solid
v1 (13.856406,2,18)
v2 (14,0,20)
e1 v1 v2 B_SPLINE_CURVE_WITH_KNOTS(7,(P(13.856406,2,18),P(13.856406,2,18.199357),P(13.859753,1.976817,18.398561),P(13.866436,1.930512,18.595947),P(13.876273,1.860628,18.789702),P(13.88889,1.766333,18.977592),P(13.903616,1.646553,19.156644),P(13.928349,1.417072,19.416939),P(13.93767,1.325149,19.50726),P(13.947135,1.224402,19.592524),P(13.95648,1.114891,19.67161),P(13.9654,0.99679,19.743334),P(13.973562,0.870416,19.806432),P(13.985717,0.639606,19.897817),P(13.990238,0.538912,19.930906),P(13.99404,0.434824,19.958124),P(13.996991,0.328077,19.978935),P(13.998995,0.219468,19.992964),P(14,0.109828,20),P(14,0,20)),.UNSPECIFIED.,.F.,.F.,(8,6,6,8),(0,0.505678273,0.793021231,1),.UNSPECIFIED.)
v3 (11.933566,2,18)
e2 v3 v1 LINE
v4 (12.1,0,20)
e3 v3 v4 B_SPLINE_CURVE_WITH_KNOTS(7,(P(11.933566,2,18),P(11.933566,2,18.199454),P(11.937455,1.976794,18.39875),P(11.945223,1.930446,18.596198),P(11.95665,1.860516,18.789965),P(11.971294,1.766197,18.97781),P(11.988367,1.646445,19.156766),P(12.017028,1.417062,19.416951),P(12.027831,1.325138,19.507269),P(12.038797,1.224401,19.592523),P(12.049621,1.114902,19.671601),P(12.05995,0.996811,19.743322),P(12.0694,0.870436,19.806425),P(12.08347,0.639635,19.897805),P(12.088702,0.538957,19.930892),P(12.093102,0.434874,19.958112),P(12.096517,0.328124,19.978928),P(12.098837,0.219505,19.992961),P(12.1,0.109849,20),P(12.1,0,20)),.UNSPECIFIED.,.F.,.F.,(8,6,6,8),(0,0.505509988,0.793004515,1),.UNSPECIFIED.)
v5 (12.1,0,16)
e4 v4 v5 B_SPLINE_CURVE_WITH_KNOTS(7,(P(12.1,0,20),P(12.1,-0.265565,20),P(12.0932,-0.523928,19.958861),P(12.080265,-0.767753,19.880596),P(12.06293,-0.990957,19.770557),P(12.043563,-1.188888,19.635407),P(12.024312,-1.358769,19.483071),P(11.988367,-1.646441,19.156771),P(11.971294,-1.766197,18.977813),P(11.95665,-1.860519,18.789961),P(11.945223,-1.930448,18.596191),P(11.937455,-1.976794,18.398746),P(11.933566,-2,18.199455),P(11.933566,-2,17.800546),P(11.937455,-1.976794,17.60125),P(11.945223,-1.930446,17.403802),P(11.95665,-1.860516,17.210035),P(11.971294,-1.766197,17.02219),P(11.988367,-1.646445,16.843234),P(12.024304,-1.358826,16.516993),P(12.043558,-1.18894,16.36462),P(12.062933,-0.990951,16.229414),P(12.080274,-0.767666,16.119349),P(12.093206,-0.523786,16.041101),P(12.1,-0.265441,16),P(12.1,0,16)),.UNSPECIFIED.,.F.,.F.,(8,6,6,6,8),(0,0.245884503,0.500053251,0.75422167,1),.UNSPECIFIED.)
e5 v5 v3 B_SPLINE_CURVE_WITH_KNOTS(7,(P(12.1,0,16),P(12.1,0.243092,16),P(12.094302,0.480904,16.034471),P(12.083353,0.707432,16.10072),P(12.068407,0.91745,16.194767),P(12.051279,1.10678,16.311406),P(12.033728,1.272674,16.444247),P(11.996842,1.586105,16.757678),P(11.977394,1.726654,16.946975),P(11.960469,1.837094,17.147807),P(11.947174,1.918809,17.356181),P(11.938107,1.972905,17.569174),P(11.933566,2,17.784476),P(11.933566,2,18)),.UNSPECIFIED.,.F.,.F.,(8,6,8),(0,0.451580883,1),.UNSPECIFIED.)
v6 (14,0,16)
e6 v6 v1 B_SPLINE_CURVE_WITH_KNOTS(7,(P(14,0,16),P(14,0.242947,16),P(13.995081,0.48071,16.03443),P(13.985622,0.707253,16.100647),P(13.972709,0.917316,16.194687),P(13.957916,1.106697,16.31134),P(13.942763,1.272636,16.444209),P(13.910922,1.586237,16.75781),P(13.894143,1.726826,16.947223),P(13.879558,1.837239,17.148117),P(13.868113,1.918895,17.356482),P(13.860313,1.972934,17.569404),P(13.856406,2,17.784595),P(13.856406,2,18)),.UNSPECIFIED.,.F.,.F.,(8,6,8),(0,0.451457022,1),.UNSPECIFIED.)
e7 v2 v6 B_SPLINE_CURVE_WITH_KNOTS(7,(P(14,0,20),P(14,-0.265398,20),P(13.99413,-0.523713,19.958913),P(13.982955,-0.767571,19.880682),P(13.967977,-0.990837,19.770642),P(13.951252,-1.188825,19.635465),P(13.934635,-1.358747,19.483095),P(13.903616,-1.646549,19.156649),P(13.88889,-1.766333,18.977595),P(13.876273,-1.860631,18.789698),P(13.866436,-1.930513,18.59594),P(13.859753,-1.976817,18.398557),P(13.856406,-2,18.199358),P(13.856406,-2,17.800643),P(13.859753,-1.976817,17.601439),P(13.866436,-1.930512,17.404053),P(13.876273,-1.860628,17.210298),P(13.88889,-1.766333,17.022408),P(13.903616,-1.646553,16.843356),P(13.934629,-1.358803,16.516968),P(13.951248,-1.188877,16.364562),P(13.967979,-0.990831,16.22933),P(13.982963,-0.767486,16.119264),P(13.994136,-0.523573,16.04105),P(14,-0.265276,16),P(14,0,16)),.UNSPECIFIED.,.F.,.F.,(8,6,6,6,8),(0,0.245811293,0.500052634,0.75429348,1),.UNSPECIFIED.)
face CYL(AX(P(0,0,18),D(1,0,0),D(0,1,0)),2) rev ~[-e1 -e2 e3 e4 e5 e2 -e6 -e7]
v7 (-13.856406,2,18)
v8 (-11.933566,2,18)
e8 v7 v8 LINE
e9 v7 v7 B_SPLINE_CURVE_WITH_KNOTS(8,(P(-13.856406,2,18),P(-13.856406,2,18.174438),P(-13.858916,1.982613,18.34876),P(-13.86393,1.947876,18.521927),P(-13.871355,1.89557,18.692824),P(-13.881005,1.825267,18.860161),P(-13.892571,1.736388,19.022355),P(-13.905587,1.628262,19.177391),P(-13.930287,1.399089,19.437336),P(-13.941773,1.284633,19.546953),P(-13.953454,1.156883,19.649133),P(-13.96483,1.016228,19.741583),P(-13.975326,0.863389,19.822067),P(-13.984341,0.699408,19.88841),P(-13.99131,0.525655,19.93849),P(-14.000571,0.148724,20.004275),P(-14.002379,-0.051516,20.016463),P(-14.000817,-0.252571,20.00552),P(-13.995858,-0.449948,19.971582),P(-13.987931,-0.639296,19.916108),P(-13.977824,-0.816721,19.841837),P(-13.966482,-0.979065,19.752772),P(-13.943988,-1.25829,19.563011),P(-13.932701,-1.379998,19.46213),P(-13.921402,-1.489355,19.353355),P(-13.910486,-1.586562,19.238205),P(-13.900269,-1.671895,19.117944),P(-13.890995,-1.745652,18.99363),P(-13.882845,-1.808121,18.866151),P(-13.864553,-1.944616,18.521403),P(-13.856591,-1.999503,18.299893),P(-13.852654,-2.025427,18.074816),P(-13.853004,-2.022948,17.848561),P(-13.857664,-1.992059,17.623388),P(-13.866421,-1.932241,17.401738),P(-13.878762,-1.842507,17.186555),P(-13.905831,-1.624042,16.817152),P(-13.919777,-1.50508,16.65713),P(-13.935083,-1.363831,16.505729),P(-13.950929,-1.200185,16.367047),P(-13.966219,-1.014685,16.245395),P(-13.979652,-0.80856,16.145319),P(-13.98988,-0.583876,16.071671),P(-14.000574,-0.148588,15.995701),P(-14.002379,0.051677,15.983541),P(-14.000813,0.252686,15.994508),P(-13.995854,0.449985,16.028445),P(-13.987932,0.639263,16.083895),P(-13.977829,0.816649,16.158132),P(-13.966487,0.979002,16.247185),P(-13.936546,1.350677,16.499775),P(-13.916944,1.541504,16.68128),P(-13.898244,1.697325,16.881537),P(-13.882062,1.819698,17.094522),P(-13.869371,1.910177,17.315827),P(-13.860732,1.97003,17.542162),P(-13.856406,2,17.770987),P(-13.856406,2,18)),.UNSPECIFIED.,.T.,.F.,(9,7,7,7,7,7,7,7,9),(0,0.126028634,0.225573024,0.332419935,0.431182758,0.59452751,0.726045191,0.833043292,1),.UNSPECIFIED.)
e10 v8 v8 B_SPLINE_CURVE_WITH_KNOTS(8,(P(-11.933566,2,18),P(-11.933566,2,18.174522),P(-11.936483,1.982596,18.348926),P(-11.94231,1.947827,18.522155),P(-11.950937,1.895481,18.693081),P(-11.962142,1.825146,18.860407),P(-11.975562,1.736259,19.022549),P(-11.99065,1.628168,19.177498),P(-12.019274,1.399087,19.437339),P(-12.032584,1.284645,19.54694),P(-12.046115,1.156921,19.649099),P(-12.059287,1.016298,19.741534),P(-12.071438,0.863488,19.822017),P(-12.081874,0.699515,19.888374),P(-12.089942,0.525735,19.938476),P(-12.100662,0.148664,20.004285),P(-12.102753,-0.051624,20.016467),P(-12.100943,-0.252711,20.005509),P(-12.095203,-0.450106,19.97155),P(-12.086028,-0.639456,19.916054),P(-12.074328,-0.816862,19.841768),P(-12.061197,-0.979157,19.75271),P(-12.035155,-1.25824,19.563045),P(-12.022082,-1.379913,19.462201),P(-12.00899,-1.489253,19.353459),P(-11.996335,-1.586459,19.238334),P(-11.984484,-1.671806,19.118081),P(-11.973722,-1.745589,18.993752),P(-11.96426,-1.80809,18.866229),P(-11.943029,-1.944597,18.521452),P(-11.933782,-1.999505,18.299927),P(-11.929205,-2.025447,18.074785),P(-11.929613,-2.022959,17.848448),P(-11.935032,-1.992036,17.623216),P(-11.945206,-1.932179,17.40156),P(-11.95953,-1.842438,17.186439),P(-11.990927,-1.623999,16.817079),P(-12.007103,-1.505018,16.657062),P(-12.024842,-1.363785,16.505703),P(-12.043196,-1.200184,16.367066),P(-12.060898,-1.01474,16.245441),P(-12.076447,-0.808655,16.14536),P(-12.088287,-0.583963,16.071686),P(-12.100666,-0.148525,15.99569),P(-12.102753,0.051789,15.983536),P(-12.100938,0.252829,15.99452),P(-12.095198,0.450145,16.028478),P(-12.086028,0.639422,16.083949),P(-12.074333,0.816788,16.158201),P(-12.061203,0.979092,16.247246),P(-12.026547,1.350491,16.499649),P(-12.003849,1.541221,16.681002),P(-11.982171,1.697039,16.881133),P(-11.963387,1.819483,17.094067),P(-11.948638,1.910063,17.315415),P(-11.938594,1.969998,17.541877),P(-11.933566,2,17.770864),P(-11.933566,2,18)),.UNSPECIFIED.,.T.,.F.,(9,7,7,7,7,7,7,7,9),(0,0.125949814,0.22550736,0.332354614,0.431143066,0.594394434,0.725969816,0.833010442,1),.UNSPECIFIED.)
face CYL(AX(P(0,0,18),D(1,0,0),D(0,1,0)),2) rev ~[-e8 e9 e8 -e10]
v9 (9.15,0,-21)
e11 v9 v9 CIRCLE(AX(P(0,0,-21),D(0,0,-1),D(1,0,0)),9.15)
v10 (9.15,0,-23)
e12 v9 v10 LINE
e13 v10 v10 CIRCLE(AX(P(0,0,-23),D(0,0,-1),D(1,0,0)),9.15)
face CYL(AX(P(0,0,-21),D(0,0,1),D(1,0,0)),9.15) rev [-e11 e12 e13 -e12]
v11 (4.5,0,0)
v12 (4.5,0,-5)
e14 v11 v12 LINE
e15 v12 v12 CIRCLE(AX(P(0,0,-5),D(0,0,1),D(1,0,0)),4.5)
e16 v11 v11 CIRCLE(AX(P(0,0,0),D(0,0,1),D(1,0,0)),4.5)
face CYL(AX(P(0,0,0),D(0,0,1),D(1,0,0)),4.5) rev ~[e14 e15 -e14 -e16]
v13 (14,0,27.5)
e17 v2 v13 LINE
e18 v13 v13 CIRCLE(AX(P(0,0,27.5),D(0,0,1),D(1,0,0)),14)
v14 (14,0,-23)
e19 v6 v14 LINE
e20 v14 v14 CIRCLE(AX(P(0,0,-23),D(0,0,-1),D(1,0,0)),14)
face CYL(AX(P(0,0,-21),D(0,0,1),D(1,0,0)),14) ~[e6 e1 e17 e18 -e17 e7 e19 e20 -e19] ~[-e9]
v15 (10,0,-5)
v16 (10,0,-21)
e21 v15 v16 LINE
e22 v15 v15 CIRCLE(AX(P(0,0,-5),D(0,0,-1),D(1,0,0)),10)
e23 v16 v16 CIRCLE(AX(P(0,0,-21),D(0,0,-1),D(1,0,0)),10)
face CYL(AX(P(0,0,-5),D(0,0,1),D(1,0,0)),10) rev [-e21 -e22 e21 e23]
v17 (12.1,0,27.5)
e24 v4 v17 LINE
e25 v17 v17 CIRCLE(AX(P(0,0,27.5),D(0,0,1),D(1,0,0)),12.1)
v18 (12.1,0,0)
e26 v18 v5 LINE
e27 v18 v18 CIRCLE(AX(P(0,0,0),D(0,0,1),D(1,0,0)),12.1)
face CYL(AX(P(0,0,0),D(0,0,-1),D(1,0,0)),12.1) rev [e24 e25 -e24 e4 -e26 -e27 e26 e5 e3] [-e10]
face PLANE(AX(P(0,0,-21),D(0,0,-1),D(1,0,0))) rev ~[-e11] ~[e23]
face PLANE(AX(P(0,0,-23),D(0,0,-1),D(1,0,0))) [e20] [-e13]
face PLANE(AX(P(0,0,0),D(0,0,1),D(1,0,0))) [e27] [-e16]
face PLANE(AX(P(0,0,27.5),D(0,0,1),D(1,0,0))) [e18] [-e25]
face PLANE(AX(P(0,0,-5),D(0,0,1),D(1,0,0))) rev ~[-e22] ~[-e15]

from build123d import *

# Parameters (mm, degrees)
F0_R     = 14
F0_R_2   = 12.1
F1_DEPTH = 27.5
F2_R     = 14
F2_R_2   = 4.5
F3_DEPTH = 5
F4_R     = 14
F4_R_2   = 10
F5_DEPTH = 16
F6_R     = 14
F6_R_2   = 9.15
F7_DEPTH = 2
F8_R     = 2
F9_DEPTH = 20


with BuildPart() as f1:
    # F0 (on Top) → F1 (new body)
    with BuildSketch(Plane.XY):
        Circle(F0_R)
        Circle(F0_R_2, mode=Mode.SUBTRACT)
    extrude(amount=F1_DEPTH)

    # F2 (on Top) → F3 (join)
    with BuildSketch(Plane.XY):
        Circle(F2_R)
        Circle(F2_R_2, mode=Mode.SUBTRACT)
    extrude(amount=-F3_DEPTH)

    # F4 (on face) → F5 (join)
    with BuildSketch(Plane(origin=(0, 0, -5), x_dir=(1, 0, 0), z_dir=(0, 0, -1))):
        Circle(F4_R)
        Circle(F4_R_2, mode=Mode.SUBTRACT)
    extrude(amount=F5_DEPTH)

    # F6 (on face) → F7 (join)
    with BuildSketch(Plane(origin=(0, 0, -21), x_dir=(1, 0, 0), z_dir=(0, 0, -1))):
        Circle(F6_R)
        Circle(F6_R_2, mode=Mode.SUBTRACT)
    extrude(amount=F7_DEPTH)

    # F8 (on Right) → F9 (cut, symmetric)
    with BuildSketch(Plane.YZ):
        with Locations((0, 18)):
            Circle(F8_R)
    extrude(amount=F9_DEPTH, both=True, mode=Mode.SUBTRACT)


solid = f1.part
